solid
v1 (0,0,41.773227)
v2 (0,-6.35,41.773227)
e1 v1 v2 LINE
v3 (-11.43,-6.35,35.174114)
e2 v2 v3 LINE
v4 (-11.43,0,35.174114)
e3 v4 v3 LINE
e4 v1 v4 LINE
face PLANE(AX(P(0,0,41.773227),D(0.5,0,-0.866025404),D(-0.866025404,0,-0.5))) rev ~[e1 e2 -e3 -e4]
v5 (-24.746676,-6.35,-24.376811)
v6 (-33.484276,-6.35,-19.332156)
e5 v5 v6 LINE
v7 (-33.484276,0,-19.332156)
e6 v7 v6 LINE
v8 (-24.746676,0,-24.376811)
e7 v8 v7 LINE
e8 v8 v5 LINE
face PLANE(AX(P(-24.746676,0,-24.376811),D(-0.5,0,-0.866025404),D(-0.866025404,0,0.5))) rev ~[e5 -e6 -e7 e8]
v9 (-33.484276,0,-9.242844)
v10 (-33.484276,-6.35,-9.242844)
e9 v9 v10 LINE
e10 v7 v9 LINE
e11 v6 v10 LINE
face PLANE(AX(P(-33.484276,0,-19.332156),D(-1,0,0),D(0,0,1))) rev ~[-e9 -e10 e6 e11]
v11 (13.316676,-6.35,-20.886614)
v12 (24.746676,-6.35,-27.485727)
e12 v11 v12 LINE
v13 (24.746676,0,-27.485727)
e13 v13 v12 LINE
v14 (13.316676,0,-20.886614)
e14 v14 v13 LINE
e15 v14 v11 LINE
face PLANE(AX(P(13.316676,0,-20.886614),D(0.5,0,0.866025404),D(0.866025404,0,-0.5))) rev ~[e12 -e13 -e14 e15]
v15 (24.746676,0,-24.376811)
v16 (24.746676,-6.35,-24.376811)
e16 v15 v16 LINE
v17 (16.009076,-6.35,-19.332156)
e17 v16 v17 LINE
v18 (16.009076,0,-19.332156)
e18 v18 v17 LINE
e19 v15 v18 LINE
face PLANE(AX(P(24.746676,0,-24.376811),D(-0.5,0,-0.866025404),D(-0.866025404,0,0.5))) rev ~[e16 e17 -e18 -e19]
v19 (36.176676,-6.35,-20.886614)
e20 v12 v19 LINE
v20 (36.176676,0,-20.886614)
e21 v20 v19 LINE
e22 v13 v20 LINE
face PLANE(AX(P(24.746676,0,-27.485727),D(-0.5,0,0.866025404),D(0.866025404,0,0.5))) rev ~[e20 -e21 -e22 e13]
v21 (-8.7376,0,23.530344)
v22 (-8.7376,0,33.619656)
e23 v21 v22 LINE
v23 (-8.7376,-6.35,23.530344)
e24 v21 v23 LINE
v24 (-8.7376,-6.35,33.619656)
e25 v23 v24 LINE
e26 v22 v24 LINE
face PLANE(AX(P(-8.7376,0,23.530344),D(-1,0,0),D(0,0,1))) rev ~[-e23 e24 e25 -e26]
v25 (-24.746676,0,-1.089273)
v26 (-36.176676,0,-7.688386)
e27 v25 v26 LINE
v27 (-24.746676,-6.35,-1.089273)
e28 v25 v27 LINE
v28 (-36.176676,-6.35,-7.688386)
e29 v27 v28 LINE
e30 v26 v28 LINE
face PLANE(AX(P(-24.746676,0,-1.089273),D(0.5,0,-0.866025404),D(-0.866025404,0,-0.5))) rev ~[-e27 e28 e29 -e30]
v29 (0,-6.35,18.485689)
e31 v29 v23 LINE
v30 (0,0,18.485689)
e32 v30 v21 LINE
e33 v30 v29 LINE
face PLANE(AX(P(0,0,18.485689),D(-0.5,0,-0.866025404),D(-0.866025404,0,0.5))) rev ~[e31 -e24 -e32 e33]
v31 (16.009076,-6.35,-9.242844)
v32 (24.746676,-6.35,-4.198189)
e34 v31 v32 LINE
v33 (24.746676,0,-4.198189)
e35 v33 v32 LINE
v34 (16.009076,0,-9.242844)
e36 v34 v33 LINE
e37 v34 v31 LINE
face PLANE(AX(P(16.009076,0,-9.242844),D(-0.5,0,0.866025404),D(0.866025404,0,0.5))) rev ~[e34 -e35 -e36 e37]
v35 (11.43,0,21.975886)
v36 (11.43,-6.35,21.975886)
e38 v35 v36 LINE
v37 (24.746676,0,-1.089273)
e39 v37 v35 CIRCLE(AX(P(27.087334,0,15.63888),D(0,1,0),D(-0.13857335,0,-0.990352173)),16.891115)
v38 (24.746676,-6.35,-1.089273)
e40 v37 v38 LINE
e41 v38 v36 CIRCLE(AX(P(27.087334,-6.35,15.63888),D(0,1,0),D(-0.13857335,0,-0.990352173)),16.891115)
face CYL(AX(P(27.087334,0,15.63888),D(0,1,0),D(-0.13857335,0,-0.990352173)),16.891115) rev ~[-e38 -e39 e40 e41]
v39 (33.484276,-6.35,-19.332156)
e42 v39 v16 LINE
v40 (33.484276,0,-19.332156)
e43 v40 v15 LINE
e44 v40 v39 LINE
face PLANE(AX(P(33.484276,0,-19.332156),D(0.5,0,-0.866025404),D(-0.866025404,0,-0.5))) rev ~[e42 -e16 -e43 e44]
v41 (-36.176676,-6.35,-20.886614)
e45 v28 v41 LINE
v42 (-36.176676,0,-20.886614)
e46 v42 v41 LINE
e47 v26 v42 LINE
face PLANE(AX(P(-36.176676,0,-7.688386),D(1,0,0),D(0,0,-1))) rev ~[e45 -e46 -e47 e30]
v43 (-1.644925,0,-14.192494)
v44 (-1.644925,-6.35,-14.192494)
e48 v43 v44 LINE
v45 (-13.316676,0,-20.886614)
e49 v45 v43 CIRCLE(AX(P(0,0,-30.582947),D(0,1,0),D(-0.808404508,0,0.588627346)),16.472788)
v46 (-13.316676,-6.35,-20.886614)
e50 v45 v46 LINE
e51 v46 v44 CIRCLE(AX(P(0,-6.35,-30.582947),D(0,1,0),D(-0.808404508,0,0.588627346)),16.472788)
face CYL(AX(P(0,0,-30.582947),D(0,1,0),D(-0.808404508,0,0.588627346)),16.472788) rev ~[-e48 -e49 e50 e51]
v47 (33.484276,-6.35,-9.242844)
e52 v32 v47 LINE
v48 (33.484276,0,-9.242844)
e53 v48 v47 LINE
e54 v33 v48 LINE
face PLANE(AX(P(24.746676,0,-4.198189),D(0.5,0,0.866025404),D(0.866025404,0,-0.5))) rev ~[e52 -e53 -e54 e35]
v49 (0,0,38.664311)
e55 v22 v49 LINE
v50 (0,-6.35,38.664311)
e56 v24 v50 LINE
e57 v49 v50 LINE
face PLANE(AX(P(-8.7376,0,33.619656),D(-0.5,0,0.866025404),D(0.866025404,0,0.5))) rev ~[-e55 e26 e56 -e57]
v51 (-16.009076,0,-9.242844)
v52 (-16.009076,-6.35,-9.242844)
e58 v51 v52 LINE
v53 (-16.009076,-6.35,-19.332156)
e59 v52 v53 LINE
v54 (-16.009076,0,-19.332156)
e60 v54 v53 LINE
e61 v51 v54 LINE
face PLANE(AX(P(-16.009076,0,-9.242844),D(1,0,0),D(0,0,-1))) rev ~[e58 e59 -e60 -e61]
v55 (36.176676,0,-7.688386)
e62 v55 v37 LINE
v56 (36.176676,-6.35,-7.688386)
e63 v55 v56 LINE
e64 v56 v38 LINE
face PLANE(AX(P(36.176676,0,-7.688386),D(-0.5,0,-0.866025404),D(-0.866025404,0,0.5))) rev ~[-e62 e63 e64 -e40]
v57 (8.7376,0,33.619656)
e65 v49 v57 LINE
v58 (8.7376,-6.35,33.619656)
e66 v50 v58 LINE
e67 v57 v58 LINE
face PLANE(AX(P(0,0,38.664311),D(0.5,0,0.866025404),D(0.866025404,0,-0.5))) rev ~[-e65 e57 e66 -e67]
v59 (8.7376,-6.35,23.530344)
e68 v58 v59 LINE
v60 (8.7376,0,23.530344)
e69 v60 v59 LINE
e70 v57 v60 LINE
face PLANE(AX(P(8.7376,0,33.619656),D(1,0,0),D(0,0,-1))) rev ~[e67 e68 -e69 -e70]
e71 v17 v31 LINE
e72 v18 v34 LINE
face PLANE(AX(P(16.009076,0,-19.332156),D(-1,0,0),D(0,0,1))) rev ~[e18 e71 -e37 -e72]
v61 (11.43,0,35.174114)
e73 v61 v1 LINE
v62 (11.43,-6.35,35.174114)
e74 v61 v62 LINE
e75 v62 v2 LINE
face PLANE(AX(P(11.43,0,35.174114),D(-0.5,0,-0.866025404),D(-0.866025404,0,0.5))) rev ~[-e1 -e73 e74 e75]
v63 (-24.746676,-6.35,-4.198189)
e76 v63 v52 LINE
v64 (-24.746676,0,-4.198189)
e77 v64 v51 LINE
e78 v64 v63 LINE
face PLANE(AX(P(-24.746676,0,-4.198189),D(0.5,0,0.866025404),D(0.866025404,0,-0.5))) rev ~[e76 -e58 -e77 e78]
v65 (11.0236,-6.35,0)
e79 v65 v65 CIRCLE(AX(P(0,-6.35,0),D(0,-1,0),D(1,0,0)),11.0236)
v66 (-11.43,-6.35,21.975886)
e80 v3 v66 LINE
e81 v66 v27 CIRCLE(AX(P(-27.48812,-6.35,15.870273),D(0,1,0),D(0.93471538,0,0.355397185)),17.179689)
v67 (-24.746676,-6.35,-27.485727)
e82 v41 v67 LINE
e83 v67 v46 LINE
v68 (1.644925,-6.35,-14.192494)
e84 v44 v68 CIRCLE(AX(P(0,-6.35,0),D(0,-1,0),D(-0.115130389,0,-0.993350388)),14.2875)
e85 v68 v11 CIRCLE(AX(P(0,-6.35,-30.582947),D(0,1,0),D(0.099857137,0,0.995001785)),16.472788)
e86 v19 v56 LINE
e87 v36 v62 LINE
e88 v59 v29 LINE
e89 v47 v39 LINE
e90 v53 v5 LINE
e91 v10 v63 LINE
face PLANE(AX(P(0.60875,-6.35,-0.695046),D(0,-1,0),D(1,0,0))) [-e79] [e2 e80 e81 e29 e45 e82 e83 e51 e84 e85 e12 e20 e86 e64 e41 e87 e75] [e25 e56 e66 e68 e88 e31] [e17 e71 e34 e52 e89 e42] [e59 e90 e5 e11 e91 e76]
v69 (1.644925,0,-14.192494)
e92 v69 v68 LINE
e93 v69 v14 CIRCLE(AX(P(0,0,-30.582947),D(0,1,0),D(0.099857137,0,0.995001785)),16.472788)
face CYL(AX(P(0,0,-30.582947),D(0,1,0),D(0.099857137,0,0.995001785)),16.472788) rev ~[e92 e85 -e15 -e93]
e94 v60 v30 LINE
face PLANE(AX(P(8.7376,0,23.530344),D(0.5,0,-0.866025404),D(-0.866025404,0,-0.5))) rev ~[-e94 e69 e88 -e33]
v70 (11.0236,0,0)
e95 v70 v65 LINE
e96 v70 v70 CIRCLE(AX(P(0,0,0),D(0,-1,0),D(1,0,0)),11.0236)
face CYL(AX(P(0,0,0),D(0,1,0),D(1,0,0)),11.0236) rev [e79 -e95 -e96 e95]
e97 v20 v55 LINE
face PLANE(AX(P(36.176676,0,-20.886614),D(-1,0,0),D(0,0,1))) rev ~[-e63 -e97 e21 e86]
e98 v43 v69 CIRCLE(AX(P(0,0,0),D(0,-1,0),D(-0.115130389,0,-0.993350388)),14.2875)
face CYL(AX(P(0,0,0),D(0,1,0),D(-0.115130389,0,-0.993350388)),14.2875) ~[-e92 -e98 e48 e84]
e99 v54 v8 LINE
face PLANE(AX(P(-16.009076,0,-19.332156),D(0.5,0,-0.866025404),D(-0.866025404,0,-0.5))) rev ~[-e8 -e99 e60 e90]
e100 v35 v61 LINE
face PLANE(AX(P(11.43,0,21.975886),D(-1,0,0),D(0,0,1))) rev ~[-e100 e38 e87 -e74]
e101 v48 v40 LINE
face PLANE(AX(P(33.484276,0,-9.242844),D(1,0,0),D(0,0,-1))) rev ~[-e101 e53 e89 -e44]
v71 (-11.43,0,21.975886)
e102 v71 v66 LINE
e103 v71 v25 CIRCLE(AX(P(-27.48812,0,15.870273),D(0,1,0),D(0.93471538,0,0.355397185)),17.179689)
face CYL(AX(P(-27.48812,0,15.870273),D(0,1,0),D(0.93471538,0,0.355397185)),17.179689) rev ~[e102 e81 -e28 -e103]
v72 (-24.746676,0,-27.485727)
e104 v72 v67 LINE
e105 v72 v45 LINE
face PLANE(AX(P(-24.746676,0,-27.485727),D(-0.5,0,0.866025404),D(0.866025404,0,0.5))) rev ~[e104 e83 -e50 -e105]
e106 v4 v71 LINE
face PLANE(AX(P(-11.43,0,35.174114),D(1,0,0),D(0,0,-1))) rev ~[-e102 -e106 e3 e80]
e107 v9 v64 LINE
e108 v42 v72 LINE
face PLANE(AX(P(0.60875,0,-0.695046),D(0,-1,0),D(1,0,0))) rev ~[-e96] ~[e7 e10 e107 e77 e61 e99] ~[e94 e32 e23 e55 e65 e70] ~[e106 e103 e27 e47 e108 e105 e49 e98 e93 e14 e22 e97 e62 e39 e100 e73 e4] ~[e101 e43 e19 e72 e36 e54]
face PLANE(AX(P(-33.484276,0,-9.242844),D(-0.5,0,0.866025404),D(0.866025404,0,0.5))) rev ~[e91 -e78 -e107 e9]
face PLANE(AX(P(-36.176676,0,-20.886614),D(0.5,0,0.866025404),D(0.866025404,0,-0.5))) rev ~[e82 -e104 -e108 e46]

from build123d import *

# Parameters (mm, degrees)
F0_R     = 11.0236
F1_DEPTH = 6.35


with BuildPart() as f1:
    # F0 (on Front) → F1 (new body)
    with BuildSketch(Plane.XZ):
        with BuildLine():
            ThreePointArc((1.6449254306, -14.1924936702), (10.6685174307, -9.5034410652), (14.2875, 0))
            ThreePointArc((14.2875, 0), (-9.5034410652, 10.6685174307), (-1.6449254306, -14.1924936702))
            ThreePointArc((-1.6449254306, -14.1924936702), (0, -14.1101591352), (1.6449254306, -14.1924936702))
        make_face()
        Circle(F0_R, mode=Mode.SUBTRACT)
        with BuildLine():
            ThreePointArc((-1.6449254306, -14.1924936702), (-9.5034410652, 10.6685174307), (14.2875, 0))
            ThreePointArc((14.2875, 0), (10.6685174307, -9.5034410652), (1.6449254306, -14.1924936702))
            ThreePointArc((1.6449254306, -14.1924936702), (8.1954370855, -16.2935260616), (13.3166759131, -20.8866135768))
            Line((13.3166759131, -20.8866135768), (13.3166759131, -7.6883864232))
            Line((13.3166759131, -7.6883864232), (24.7466759131, -1.0892728463))
            ThreePointArc((24.7466759131, -1.0892728463), (12.4591994924, 7.1933221808), (11.43, 21.9758864232))
            Line((11.43, 21.9758864232), (0, 15.3767728463))
            Line((0, 15.3767728463), (-11.43, 21.9758864232))
            ThreePointArc((-11.43, 21.9758864232), (-12.610072429, 7.2804287114), (-24.7466759131, -1.0892728463))
            Line((-24.7466759131, -1.0892728463), (-13.3166759131, -7.6883864232))
            Line((-13.3166759131, -7.6883864232), (-13.3166759131, -20.8866135768))
            ThreePointArc((-13.3166759131, -20.8866135768), (-8.1954370855, -16.2935260616), (-1.6449254306, -14.1924936702))
        make_face()
        with BuildLine():
            ThreePointArc((1.6449254306, -14.1924936702), (0, -14.1101591352), (-1.6449254306, -14.1924936702))
            ThreePointArc((-1.6449254306, -14.1924936702), (0, -14.2875), (1.6449254306, -14.1924936702))
        make_face()
        Polygon((-24.7466759131, -27.4857271537), (-13.3166759131, -20.8866135768), (-13.3166759131, -7.6883864232), (-24.7466759131, -1.0892728463), (-36.1766759131, -7.6883864232), (-36.1766759131, -20.8866135768), align=None)
        Polygon((-33.4842759131, -19.3321557121), (-33.4842759131, -9.2428442879), (-24.7466759131, -4.1981885759), (-16.0090759131, -9.2428442879), (-16.0090759131, -19.3321557121), (-24.7466759131, -24.3768114241), align=None, mode=Mode.SUBTRACT)
        Polygon((13.3166759131, -7.6883864232), (13.3166759131, -20.8866135768), (24.7466759131, -27.4857271537), (36.1766759131, -20.8866135768), (36.1766759131, -7.6883864232), (24.7466759131, -1.0892728463), align=None)
        Polygon((33.4842759131, -19.3321557121), (24.7466759131, -24.3768114241), (16.0090759131, -19.3321557121), (16.0090759131, -9.2428442879), (24.7466759131, -4.1981885759), (33.4842759131, -9.2428442879), align=None, mode=Mode.SUBTRACT)
        Polygon((-11.43, 35.1741135768), (-11.43, 21.9758864232), (0, 15.3767728463), (11.43, 21.9758864232), (11.43, 35.1741135768), (0, 41.7732271537), align=None)
        Polygon((0, 38.6643114241), (8.7376, 33.6196557121), (8.7376, 23.5303442879), (0, 18.4856885759), (-8.7376, 23.5303442879), (-8.7376, 33.6196557121), align=None, mode=Mode.SUBTRACT)
    extrude(amount=F1_DEPTH)


solid = f1.part
